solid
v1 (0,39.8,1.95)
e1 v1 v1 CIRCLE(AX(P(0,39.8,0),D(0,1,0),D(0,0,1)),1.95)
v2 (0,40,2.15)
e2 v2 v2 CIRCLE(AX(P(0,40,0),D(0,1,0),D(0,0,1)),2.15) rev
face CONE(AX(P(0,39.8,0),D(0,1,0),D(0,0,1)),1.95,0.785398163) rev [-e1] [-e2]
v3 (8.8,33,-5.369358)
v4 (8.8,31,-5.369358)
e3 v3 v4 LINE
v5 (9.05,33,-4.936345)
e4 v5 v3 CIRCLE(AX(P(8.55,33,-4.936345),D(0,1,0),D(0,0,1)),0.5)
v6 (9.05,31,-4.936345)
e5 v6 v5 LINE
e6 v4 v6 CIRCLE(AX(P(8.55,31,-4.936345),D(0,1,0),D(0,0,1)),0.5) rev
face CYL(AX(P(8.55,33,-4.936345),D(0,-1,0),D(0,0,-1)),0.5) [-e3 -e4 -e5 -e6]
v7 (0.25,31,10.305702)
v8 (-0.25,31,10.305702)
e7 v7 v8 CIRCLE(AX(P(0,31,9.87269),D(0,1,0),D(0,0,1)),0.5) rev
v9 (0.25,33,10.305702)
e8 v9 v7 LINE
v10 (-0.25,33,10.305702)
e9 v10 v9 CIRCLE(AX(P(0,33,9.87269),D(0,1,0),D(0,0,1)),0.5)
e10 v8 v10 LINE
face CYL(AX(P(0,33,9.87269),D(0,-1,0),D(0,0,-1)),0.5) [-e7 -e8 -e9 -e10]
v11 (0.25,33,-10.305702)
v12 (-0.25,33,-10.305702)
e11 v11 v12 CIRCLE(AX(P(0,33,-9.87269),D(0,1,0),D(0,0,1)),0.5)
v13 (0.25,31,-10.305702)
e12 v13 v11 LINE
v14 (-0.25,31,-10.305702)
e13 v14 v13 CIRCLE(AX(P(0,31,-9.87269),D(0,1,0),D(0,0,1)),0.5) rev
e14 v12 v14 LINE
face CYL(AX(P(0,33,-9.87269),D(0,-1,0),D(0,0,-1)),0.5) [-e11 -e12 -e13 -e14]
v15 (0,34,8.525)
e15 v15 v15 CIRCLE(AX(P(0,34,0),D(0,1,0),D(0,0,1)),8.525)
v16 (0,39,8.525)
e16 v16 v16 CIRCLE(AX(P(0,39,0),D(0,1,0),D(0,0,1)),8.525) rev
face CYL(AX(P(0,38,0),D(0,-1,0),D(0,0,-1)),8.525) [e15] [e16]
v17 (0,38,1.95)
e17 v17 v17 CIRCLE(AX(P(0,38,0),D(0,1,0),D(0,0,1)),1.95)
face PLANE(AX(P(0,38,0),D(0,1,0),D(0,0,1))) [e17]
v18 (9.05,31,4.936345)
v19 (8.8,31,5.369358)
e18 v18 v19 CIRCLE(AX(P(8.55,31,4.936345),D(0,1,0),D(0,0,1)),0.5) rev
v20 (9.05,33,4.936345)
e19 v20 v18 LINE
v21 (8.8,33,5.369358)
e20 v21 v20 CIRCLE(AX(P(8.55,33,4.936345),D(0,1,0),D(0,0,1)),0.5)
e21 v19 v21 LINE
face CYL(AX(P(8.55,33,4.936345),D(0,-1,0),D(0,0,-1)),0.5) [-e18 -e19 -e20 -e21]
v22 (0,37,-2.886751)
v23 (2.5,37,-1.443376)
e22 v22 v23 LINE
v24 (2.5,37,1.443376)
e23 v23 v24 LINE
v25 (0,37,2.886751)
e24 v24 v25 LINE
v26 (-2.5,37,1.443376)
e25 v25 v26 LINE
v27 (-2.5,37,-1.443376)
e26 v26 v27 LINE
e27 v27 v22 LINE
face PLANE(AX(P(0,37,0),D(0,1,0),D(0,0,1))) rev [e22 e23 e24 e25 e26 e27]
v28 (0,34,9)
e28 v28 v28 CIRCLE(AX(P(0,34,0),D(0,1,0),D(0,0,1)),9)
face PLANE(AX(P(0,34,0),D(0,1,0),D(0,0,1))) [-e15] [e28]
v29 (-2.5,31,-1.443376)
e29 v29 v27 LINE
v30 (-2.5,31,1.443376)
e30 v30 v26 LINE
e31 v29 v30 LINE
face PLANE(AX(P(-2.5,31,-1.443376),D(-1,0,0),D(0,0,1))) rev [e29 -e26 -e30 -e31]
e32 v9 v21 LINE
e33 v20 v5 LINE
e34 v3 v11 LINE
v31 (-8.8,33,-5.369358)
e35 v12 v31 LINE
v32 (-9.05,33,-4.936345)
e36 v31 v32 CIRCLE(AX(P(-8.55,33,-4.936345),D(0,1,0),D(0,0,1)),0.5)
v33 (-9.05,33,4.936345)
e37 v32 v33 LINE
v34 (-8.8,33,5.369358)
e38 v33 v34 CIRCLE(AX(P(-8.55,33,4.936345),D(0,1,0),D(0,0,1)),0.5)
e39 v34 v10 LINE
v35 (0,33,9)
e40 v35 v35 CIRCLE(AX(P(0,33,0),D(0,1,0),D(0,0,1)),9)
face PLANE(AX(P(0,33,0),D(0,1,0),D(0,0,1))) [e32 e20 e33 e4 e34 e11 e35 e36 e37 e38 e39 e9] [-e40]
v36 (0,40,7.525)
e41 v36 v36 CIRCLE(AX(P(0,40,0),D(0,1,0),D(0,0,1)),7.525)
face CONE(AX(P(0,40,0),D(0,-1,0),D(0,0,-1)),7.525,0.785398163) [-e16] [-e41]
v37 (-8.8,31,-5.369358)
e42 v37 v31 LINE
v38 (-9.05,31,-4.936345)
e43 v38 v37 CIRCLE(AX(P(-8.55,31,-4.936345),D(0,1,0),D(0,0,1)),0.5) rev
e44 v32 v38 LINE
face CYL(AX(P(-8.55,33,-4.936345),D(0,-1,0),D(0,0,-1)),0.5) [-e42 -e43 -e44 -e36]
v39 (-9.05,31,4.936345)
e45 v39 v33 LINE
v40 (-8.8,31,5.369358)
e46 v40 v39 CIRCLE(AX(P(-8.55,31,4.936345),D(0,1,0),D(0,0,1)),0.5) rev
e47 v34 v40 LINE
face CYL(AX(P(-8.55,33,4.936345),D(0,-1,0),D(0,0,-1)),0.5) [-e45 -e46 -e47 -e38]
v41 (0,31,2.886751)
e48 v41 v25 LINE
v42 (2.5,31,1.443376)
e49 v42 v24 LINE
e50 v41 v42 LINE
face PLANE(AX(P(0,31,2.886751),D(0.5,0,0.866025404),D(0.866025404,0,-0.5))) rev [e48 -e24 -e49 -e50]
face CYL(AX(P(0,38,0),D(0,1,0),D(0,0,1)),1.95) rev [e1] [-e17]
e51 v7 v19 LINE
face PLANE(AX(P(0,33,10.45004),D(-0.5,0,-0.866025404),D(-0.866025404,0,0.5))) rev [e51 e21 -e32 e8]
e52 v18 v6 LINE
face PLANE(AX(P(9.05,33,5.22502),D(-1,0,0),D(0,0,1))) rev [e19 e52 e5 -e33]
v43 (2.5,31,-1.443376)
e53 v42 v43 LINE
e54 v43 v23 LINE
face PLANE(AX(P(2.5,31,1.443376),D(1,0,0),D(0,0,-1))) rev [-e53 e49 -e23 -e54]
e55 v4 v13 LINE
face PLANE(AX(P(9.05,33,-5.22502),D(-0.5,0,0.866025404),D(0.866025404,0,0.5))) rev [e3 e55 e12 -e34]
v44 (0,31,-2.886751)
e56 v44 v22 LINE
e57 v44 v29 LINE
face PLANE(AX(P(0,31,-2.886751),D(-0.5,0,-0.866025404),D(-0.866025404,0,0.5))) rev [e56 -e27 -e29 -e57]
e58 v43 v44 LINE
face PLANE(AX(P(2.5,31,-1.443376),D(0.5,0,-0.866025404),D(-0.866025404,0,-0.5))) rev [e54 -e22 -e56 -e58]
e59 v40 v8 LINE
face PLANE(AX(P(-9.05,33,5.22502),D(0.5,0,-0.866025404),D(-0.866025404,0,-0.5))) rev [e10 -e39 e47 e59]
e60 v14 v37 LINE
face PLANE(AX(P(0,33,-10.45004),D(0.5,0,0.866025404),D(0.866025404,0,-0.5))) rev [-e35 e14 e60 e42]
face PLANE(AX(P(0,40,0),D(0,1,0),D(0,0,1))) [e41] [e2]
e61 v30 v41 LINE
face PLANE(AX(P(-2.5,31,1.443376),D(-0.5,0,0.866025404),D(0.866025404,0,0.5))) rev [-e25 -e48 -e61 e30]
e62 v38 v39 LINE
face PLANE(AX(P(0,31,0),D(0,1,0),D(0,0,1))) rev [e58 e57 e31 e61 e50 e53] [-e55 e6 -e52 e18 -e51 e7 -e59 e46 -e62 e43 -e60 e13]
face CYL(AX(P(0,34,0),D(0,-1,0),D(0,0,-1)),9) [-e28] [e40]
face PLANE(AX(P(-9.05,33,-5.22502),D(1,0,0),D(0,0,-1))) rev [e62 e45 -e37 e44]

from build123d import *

# Parameters (mm, degrees)
BOSS_EXTRUDE1_DEPTH      = 2
FILLET1_R                = 0.5
SKETCH2_R                = 9
BOSS_EXTRUDE2_DEPTH      = 1
SKETCH3_R                = 8.525
BOSS_EXTRUDE3_DEPTH      = 4
CUT_EXTRUDE1_DEPTH       = 16.443289468
BOSS_EXTRUDE4_DEPTH      = 1
BOSS_EXTRUDE4_DEPTH_BACK = 1
SKETCH5_R                = 8.525
SKETCH6_R                = 8.525
BOSS_EXTRUDE5_DEPTH      = 1
CHAMFER2_SIZE            = 1
SKETCH7_R                = 1.95
CUT_EXTRUDE2_DEPTH       = 2
CHAMFER3_SIZE            = 0.2


with BuildPart() as part:
    # Sketch1 → Boss-Extrude1 (new body)
    with BuildSketch(Plane(origin=(0, 31, 0), x_dir=(1, 0, 0), z_dir=(0, 1, 0))):
        Polygon((0, 10.450039872), (-9.05, 5.225019936), (-9.05, -5.225019936), (0, -10.450039872), (9.05, -5.225019936), (9.05, 5.225019936), align=None)
    extrude(amount=BOSS_EXTRUDE1_DEPTH)

    # Fillet1
    fillet1_edges = [part.edges().sort_by_distance(p)[0] for p in [
        (9.05, 32, -5.225019936),
        (9.05, 32, 5.225019936),
        (0, 32, 10.450039872),
        (-9.05, 32, 5.225019936),
        (-9.05, 32, -5.225019936),
        (0, 32, -10.450039872),
    ]]
    fillet(fillet1_edges, radius=FILLET1_R)

    # Sketch2 → Boss-Extrude2 (add)
    with BuildSketch(Plane(origin=(0, 33, 0), x_dir=(1, 0, 0), z_dir=(0, 1, 0))):
        with Locations(Location((0, 0, 0), (0, 0, 270))):
            Circle(SKETCH2_R)
    extrude(amount=BOSS_EXTRUDE2_DEPTH)

    # Sketch3 → Boss-Extrude3 (add)
    with BuildSketch(Plane(origin=(0, 34, 0), x_dir=(1, 0, 0), z_dir=(0, 1, 0))):
        with Locations(Location((0, 0, 0), (0, 0, 270))):
            Circle(SKETCH3_R)
    extrude(amount=BOSS_EXTRUDE3_DEPTH)

    # Sketch4 → Cut-Extrude1 (cut, through all)
    with BuildSketch(Plane(origin=(0, 38, 0), x_dir=(1, 0, 0), z_dir=(0, 1, 0))):
        Polygon((0, 2.886751346), (-2.5, 1.443375673), (-2.5, -1.443375673), (0, -2.886751346), (2.5, -1.443375673), (2.5, 1.443375673), align=None)
    extrude(amount=-CUT_EXTRUDE1_DEPTH, mode=Mode.SUBTRACT)

    # Sketch5 → Boss-Extrude4 (add, two sides: drawn at the far end of the back side and taken through both)
    with BuildSketch(Plane(origin=(0, 38, 0), x_dir=(1, 0, 0), z_dir=(0, 1, 0)).offset(-BOSS_EXTRUDE4_DEPTH_BACK)):
        with Locations(Location((0, 0, 0), (0, 0, 270))):
            Circle(SKETCH5_R)
    extrude(amount=BOSS_EXTRUDE4_DEPTH + BOSS_EXTRUDE4_DEPTH_BACK)

    # Sketch6 → Boss-Extrude5 (add)
    with BuildSketch(Plane(origin=(0, 39, 0), x_dir=(1, 0, 0), z_dir=(0, 1, 0))):
        with Locations(Location((0, 0, 0), (0, 0, 270))):
            Circle(SKETCH6_R)
    extrude(amount=BOSS_EXTRUDE5_DEPTH)

    # Chamfer2
    chamfer2_edges = [part.edges().sort_by_distance(p)[0] for p in [
        (0, 40, -8.525),
    ]]
    chamfer(chamfer2_edges, length=CHAMFER2_SIZE)

    # Sketch7 → Cut-Extrude2 (cut)
    with BuildSketch(Plane(origin=(0, 40, 0), x_dir=(1, 0, 0), z_dir=(0, 1, 0))):
        with Locations(Location((0, 0, 0), (0, 0, 270))):
            Circle(SKETCH7_R)
    extrude(amount=-CUT_EXTRUDE2_DEPTH, mode=Mode.SUBTRACT)

    # Chamfer3
    chamfer3_edges = [part.edges().sort_by_distance(p)[0] for p in [
        (0, 40, -1.95),
    ]]
    chamfer(chamfer3_edges, length=CHAMFER3_SIZE)


solid = part.part
